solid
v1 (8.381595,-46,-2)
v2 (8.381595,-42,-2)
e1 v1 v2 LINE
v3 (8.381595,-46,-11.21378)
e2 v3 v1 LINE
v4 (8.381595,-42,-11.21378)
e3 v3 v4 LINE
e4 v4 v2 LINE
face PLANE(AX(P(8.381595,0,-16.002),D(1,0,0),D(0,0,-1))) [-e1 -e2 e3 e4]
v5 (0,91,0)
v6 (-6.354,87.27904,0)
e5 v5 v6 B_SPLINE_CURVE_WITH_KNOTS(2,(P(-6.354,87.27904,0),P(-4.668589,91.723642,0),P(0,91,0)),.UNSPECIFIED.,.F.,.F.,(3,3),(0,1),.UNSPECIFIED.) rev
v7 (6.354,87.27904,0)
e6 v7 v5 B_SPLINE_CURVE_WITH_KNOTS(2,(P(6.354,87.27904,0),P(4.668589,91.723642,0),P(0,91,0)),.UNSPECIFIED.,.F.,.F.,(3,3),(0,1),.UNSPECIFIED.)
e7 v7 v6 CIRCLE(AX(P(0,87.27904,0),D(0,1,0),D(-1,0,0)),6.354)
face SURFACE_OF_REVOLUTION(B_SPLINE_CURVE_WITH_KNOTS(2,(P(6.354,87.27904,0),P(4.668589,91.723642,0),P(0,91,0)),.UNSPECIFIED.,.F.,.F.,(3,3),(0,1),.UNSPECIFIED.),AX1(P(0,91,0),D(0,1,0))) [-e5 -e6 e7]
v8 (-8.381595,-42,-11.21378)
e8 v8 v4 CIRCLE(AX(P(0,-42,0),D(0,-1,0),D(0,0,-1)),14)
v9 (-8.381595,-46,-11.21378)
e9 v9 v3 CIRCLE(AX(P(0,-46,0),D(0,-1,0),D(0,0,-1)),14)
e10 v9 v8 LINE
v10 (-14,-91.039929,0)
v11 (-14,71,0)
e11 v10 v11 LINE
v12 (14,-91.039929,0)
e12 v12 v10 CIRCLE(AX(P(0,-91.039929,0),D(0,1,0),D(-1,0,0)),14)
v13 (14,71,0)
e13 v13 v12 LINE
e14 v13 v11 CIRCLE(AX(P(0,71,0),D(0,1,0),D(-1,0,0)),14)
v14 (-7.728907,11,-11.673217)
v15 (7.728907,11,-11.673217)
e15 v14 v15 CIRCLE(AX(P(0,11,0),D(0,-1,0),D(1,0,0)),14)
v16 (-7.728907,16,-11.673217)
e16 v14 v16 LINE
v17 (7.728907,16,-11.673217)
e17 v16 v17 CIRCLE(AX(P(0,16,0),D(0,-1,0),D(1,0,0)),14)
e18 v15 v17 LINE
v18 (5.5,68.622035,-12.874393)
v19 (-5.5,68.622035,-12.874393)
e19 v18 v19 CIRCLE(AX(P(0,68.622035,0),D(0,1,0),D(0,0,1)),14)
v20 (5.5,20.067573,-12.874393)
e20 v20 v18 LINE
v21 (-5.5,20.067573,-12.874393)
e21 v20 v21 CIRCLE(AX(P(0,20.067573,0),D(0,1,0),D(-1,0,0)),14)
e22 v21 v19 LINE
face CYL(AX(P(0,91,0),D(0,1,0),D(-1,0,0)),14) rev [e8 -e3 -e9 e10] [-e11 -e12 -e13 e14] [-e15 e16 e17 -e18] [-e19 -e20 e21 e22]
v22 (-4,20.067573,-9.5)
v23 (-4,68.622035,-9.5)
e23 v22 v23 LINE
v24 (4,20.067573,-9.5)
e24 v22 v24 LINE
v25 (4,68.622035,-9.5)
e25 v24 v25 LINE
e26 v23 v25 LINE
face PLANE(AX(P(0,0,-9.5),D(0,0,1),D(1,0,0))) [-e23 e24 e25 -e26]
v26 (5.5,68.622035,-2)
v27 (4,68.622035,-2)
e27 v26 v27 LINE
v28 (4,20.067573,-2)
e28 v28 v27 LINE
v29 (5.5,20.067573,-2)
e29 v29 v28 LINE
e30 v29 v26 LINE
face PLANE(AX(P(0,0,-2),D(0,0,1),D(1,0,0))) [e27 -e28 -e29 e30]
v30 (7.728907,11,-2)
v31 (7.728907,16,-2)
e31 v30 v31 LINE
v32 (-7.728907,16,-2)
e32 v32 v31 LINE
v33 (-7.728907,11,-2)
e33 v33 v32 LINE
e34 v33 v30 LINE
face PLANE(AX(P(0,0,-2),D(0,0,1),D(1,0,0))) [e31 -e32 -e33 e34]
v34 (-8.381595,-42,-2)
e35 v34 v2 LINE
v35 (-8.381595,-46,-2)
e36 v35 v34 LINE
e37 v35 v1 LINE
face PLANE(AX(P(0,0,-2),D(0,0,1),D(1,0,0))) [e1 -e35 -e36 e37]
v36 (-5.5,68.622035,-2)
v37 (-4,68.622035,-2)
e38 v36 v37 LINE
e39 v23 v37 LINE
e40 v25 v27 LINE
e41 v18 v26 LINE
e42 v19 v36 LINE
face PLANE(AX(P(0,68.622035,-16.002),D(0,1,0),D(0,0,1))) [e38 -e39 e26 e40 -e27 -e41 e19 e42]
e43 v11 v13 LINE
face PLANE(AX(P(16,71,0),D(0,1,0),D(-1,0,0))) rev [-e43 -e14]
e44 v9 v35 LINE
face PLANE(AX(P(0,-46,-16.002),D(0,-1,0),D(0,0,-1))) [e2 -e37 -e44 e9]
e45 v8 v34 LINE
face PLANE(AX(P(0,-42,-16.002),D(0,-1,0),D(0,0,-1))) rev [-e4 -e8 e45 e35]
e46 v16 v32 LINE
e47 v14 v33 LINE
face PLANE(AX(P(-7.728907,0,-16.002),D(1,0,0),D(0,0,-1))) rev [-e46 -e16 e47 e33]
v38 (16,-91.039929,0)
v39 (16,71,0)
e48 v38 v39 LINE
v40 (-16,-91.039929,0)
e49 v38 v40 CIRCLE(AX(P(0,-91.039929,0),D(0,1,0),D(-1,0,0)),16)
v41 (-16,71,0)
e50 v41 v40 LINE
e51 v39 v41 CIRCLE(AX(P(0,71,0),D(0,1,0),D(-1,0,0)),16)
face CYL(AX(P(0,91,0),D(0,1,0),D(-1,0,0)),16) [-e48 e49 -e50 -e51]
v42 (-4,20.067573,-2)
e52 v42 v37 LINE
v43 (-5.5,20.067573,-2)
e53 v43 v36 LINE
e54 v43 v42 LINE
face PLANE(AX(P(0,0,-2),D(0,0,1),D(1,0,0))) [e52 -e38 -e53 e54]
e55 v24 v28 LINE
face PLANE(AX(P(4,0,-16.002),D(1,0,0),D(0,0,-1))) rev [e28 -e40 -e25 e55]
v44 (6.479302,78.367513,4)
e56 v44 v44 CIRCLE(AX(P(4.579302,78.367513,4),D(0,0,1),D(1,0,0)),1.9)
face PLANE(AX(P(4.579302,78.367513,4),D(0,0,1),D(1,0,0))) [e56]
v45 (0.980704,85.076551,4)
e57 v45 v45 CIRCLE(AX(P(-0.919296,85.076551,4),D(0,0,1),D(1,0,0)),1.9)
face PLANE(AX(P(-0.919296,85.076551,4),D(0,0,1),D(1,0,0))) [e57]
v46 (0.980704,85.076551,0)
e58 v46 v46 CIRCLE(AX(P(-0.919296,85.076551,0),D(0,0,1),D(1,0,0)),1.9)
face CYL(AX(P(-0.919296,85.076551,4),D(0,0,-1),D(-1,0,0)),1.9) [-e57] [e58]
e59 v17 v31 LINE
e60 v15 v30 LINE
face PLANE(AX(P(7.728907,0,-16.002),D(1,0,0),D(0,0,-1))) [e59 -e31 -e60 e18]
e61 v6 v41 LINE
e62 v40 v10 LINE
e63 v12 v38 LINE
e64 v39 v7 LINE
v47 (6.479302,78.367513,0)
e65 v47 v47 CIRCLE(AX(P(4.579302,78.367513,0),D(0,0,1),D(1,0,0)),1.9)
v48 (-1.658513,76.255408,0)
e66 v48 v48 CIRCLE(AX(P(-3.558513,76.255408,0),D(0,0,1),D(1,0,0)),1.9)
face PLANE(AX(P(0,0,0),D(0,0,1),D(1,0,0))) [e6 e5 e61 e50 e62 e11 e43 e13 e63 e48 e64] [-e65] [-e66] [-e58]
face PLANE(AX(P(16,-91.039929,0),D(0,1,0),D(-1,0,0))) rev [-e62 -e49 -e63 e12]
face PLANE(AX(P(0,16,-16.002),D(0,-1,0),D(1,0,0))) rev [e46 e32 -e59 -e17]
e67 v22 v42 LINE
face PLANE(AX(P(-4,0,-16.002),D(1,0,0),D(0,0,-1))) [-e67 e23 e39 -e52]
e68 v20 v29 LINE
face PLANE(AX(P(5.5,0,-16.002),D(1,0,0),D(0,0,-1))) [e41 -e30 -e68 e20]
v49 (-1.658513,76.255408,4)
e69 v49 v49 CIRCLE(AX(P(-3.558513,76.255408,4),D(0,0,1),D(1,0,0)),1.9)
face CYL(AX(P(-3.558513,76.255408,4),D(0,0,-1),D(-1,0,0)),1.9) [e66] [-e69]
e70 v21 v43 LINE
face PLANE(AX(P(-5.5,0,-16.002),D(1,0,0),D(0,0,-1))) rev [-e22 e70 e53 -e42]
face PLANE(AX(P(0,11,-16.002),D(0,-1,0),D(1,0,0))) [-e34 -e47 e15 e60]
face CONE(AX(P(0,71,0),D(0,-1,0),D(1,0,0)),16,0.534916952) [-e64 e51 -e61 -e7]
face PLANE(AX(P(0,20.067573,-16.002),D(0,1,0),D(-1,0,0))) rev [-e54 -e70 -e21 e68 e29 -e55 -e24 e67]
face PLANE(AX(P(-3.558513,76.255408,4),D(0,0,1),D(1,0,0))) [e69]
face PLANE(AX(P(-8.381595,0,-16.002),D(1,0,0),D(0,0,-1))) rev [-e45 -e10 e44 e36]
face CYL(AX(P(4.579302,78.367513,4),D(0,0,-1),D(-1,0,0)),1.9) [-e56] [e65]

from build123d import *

# Parameters (mm, degrees)
SKETCH2_W                = 2
SKETCH2_H                = 162.039928857
SKETCH5_W                = 72.783621468
SKETCH5_H                = 192.84631039
CUT_EXTRUDE1_DEPTH       = 94.869329042
BOSS_EXTRUDE1_REACH      = 97.869
BOSS_EXTRUDE1_END_RADIUS = 14
BOSS_EXTRUDE1_START      = -2
SKETCH4_W                = 15.457813272
SKETCH4_H                = 5
SKETCH4_W_2              = 16.763190872
SKETCH4_H_2              = 4
SKETCH4_W_3              = 1.5
SKETCH4_H_3              = 48.554461885
BOSS_EXTRUDE2_REACH      = 105.369
BOSS_EXTRUDE2_START      = -9.5
SKETCH4_4_W              = 8
SKETCH4_4_H              = 48.554461885
SKETCH6_R                = 1.9
BOSS_EXTRUDE3_DEPTH      = 4


with BuildPart() as part:
    # Sketch1 → Revolve1 (revolve)
    with BuildSketch(Plane.XY, mode=Mode.PRIVATE) as revolve1_sk:
        with BuildLine():
            Line((6.354000149, 87.279039692), (16, 71))
            Line((16, 71), (0, 71))
            Line((0, 71), (0, 91))
            add(Edge.make_bspline(
                [(0, 91), (4.668589185, 91.723642341), (6.354000149, 87.279039692)],
                knots=[0, 0, 0, 1, 1, 1], degree=2))
        make_face()
    revolve(revolve1_sk.sketch.rotate(Axis((0, 91, 0), (0, -1, 0)), 180), axis=Axis((0, 91, 0), (0, -1, 0)))

    # Sketch2 → Revolve2 (revolve)
    with BuildSketch(Plane.XY, mode=Mode.PRIVATE) as revolve2_sk:
        with Locations((15, -10.019964429)):
            Rectangle(SKETCH2_W, SKETCH2_H)
    revolve(revolve2_sk.sketch.rotate(Axis((0, 91, 0), (0, -1, 0)), 180), axis=Axis((0, 91, 0), (0, -1, 0)))

    # Sketch5 → Cut-Extrude1 (cut, through all)
    with BuildSketch(Plane.XY):
        Rectangle(SKETCH5_W, SKETCH5_H)
    extrude(amount=CUT_EXTRUDE1_DEPTH, mode=Mode.SUBTRACT)

    # Boss-Extrude1: up to this cylinder (the profile starts inside it)
    boss_extrude1_end = Plane(origin=(0, 0.172402, 0), z_dir=(0, 1, 0)) * Cylinder(BOSS_EXTRUDE1_END_RADIUS, 313.082804, mode=Mode.PRIVATE)
    # Sketch4 → Boss-Extrude1 (add, up to the surface)
    with BuildSketch(Plane.XY.offset(BOSS_EXTRUDE1_START), mode=Mode.PRIVATE) as boss_extrude1_sk1:
        with Locations((0, 13.5)):
            Rectangle(SKETCH4_W, SKETCH4_H)
    boss_extrude1_tool1 = extrude(boss_extrude1_sk1.sketch, amount=-BOSS_EXTRUDE1_REACH, mode=Mode.PRIVATE) & boss_extrude1_end
    add(boss_extrude1_tool1.solids().sort_by_distance((0, 13.5, -2))[0])
    # Sketch4 → Boss-Extrude1 (add, up to the surface)
    with BuildSketch(Plane.XY.offset(BOSS_EXTRUDE1_START), mode=Mode.PRIVATE) as boss_extrude1_sk2:
        with Locations((0, -44)):
            Rectangle(SKETCH4_W_2, SKETCH4_H_2)
    boss_extrude1_tool2 = extrude(boss_extrude1_sk2.sketch, amount=-BOSS_EXTRUDE1_REACH, mode=Mode.PRIVATE) & boss_extrude1_end
    add(boss_extrude1_tool2.solids().sort_by_distance((0, -44, -2))[0])
    # Sketch4 → Boss-Extrude1 (add, up to the surface)
    with BuildSketch(Plane.XY.offset(BOSS_EXTRUDE1_START), mode=Mode.PRIVATE) as boss_extrude1_sk3:
        with Locations((4.75, 44.344804049)):
            Rectangle(SKETCH4_W_3, SKETCH4_H_3)
    boss_extrude1_tool3 = extrude(boss_extrude1_sk3.sketch, amount=-BOSS_EXTRUDE1_REACH, mode=Mode.PRIVATE) & boss_extrude1_end
    add(boss_extrude1_tool3.solids().sort_by_distance((4.75, 44.344804, -2))[0])
    # Sketch4 → Boss-Extrude1 (add, up to the surface)
    with BuildSketch(Plane.XY.offset(BOSS_EXTRUDE1_START), mode=Mode.PRIVATE) as boss_extrude1_sk4:
        with Locations((-4.75, 44.344804049)):
            Rectangle(SKETCH4_W_3, SKETCH4_H_3)
    boss_extrude1_tool4 = extrude(boss_extrude1_sk4.sketch, amount=-BOSS_EXTRUDE1_REACH, mode=Mode.PRIVATE) & boss_extrude1_end
    add(boss_extrude1_tool4.solids().sort_by_distance((-4.75, 44.344804, -2))[0])

    # Sketch4<4> → Boss-Extrude2 (add, up to next)
    with BuildSketch(Plane.XY.offset(BOSS_EXTRUDE2_START), mode=Mode.PRIVATE) as boss_extrude2_sk1:
        with Locations((0, 44.344804049)):
            Rectangle(SKETCH4_4_W, SKETCH4_4_H)
    boss_extrude2_tool1 = extrude(boss_extrude2_sk1.sketch, amount=-BOSS_EXTRUDE2_REACH, mode=Mode.PRIVATE) - part.part
    add(boss_extrude2_tool1.solids().sort_by_distance((0, 44.344804, -9.5))[0])

    # Sketch6 → Boss-Extrude3 (add)
    with BuildSketch(Plane.XY):
        with Locations((4.579301858, 78.367512537)):
            Circle(SKETCH6_R)
        with Locations((-3.558513385, 76.255407818)):
            Circle(SKETCH6_R)
        with Locations((-0.919296183, 85.076551058)):
            Circle(SKETCH6_R)
    extrude(amount=BOSS_EXTRUDE3_DEPTH)


solid = part.part
